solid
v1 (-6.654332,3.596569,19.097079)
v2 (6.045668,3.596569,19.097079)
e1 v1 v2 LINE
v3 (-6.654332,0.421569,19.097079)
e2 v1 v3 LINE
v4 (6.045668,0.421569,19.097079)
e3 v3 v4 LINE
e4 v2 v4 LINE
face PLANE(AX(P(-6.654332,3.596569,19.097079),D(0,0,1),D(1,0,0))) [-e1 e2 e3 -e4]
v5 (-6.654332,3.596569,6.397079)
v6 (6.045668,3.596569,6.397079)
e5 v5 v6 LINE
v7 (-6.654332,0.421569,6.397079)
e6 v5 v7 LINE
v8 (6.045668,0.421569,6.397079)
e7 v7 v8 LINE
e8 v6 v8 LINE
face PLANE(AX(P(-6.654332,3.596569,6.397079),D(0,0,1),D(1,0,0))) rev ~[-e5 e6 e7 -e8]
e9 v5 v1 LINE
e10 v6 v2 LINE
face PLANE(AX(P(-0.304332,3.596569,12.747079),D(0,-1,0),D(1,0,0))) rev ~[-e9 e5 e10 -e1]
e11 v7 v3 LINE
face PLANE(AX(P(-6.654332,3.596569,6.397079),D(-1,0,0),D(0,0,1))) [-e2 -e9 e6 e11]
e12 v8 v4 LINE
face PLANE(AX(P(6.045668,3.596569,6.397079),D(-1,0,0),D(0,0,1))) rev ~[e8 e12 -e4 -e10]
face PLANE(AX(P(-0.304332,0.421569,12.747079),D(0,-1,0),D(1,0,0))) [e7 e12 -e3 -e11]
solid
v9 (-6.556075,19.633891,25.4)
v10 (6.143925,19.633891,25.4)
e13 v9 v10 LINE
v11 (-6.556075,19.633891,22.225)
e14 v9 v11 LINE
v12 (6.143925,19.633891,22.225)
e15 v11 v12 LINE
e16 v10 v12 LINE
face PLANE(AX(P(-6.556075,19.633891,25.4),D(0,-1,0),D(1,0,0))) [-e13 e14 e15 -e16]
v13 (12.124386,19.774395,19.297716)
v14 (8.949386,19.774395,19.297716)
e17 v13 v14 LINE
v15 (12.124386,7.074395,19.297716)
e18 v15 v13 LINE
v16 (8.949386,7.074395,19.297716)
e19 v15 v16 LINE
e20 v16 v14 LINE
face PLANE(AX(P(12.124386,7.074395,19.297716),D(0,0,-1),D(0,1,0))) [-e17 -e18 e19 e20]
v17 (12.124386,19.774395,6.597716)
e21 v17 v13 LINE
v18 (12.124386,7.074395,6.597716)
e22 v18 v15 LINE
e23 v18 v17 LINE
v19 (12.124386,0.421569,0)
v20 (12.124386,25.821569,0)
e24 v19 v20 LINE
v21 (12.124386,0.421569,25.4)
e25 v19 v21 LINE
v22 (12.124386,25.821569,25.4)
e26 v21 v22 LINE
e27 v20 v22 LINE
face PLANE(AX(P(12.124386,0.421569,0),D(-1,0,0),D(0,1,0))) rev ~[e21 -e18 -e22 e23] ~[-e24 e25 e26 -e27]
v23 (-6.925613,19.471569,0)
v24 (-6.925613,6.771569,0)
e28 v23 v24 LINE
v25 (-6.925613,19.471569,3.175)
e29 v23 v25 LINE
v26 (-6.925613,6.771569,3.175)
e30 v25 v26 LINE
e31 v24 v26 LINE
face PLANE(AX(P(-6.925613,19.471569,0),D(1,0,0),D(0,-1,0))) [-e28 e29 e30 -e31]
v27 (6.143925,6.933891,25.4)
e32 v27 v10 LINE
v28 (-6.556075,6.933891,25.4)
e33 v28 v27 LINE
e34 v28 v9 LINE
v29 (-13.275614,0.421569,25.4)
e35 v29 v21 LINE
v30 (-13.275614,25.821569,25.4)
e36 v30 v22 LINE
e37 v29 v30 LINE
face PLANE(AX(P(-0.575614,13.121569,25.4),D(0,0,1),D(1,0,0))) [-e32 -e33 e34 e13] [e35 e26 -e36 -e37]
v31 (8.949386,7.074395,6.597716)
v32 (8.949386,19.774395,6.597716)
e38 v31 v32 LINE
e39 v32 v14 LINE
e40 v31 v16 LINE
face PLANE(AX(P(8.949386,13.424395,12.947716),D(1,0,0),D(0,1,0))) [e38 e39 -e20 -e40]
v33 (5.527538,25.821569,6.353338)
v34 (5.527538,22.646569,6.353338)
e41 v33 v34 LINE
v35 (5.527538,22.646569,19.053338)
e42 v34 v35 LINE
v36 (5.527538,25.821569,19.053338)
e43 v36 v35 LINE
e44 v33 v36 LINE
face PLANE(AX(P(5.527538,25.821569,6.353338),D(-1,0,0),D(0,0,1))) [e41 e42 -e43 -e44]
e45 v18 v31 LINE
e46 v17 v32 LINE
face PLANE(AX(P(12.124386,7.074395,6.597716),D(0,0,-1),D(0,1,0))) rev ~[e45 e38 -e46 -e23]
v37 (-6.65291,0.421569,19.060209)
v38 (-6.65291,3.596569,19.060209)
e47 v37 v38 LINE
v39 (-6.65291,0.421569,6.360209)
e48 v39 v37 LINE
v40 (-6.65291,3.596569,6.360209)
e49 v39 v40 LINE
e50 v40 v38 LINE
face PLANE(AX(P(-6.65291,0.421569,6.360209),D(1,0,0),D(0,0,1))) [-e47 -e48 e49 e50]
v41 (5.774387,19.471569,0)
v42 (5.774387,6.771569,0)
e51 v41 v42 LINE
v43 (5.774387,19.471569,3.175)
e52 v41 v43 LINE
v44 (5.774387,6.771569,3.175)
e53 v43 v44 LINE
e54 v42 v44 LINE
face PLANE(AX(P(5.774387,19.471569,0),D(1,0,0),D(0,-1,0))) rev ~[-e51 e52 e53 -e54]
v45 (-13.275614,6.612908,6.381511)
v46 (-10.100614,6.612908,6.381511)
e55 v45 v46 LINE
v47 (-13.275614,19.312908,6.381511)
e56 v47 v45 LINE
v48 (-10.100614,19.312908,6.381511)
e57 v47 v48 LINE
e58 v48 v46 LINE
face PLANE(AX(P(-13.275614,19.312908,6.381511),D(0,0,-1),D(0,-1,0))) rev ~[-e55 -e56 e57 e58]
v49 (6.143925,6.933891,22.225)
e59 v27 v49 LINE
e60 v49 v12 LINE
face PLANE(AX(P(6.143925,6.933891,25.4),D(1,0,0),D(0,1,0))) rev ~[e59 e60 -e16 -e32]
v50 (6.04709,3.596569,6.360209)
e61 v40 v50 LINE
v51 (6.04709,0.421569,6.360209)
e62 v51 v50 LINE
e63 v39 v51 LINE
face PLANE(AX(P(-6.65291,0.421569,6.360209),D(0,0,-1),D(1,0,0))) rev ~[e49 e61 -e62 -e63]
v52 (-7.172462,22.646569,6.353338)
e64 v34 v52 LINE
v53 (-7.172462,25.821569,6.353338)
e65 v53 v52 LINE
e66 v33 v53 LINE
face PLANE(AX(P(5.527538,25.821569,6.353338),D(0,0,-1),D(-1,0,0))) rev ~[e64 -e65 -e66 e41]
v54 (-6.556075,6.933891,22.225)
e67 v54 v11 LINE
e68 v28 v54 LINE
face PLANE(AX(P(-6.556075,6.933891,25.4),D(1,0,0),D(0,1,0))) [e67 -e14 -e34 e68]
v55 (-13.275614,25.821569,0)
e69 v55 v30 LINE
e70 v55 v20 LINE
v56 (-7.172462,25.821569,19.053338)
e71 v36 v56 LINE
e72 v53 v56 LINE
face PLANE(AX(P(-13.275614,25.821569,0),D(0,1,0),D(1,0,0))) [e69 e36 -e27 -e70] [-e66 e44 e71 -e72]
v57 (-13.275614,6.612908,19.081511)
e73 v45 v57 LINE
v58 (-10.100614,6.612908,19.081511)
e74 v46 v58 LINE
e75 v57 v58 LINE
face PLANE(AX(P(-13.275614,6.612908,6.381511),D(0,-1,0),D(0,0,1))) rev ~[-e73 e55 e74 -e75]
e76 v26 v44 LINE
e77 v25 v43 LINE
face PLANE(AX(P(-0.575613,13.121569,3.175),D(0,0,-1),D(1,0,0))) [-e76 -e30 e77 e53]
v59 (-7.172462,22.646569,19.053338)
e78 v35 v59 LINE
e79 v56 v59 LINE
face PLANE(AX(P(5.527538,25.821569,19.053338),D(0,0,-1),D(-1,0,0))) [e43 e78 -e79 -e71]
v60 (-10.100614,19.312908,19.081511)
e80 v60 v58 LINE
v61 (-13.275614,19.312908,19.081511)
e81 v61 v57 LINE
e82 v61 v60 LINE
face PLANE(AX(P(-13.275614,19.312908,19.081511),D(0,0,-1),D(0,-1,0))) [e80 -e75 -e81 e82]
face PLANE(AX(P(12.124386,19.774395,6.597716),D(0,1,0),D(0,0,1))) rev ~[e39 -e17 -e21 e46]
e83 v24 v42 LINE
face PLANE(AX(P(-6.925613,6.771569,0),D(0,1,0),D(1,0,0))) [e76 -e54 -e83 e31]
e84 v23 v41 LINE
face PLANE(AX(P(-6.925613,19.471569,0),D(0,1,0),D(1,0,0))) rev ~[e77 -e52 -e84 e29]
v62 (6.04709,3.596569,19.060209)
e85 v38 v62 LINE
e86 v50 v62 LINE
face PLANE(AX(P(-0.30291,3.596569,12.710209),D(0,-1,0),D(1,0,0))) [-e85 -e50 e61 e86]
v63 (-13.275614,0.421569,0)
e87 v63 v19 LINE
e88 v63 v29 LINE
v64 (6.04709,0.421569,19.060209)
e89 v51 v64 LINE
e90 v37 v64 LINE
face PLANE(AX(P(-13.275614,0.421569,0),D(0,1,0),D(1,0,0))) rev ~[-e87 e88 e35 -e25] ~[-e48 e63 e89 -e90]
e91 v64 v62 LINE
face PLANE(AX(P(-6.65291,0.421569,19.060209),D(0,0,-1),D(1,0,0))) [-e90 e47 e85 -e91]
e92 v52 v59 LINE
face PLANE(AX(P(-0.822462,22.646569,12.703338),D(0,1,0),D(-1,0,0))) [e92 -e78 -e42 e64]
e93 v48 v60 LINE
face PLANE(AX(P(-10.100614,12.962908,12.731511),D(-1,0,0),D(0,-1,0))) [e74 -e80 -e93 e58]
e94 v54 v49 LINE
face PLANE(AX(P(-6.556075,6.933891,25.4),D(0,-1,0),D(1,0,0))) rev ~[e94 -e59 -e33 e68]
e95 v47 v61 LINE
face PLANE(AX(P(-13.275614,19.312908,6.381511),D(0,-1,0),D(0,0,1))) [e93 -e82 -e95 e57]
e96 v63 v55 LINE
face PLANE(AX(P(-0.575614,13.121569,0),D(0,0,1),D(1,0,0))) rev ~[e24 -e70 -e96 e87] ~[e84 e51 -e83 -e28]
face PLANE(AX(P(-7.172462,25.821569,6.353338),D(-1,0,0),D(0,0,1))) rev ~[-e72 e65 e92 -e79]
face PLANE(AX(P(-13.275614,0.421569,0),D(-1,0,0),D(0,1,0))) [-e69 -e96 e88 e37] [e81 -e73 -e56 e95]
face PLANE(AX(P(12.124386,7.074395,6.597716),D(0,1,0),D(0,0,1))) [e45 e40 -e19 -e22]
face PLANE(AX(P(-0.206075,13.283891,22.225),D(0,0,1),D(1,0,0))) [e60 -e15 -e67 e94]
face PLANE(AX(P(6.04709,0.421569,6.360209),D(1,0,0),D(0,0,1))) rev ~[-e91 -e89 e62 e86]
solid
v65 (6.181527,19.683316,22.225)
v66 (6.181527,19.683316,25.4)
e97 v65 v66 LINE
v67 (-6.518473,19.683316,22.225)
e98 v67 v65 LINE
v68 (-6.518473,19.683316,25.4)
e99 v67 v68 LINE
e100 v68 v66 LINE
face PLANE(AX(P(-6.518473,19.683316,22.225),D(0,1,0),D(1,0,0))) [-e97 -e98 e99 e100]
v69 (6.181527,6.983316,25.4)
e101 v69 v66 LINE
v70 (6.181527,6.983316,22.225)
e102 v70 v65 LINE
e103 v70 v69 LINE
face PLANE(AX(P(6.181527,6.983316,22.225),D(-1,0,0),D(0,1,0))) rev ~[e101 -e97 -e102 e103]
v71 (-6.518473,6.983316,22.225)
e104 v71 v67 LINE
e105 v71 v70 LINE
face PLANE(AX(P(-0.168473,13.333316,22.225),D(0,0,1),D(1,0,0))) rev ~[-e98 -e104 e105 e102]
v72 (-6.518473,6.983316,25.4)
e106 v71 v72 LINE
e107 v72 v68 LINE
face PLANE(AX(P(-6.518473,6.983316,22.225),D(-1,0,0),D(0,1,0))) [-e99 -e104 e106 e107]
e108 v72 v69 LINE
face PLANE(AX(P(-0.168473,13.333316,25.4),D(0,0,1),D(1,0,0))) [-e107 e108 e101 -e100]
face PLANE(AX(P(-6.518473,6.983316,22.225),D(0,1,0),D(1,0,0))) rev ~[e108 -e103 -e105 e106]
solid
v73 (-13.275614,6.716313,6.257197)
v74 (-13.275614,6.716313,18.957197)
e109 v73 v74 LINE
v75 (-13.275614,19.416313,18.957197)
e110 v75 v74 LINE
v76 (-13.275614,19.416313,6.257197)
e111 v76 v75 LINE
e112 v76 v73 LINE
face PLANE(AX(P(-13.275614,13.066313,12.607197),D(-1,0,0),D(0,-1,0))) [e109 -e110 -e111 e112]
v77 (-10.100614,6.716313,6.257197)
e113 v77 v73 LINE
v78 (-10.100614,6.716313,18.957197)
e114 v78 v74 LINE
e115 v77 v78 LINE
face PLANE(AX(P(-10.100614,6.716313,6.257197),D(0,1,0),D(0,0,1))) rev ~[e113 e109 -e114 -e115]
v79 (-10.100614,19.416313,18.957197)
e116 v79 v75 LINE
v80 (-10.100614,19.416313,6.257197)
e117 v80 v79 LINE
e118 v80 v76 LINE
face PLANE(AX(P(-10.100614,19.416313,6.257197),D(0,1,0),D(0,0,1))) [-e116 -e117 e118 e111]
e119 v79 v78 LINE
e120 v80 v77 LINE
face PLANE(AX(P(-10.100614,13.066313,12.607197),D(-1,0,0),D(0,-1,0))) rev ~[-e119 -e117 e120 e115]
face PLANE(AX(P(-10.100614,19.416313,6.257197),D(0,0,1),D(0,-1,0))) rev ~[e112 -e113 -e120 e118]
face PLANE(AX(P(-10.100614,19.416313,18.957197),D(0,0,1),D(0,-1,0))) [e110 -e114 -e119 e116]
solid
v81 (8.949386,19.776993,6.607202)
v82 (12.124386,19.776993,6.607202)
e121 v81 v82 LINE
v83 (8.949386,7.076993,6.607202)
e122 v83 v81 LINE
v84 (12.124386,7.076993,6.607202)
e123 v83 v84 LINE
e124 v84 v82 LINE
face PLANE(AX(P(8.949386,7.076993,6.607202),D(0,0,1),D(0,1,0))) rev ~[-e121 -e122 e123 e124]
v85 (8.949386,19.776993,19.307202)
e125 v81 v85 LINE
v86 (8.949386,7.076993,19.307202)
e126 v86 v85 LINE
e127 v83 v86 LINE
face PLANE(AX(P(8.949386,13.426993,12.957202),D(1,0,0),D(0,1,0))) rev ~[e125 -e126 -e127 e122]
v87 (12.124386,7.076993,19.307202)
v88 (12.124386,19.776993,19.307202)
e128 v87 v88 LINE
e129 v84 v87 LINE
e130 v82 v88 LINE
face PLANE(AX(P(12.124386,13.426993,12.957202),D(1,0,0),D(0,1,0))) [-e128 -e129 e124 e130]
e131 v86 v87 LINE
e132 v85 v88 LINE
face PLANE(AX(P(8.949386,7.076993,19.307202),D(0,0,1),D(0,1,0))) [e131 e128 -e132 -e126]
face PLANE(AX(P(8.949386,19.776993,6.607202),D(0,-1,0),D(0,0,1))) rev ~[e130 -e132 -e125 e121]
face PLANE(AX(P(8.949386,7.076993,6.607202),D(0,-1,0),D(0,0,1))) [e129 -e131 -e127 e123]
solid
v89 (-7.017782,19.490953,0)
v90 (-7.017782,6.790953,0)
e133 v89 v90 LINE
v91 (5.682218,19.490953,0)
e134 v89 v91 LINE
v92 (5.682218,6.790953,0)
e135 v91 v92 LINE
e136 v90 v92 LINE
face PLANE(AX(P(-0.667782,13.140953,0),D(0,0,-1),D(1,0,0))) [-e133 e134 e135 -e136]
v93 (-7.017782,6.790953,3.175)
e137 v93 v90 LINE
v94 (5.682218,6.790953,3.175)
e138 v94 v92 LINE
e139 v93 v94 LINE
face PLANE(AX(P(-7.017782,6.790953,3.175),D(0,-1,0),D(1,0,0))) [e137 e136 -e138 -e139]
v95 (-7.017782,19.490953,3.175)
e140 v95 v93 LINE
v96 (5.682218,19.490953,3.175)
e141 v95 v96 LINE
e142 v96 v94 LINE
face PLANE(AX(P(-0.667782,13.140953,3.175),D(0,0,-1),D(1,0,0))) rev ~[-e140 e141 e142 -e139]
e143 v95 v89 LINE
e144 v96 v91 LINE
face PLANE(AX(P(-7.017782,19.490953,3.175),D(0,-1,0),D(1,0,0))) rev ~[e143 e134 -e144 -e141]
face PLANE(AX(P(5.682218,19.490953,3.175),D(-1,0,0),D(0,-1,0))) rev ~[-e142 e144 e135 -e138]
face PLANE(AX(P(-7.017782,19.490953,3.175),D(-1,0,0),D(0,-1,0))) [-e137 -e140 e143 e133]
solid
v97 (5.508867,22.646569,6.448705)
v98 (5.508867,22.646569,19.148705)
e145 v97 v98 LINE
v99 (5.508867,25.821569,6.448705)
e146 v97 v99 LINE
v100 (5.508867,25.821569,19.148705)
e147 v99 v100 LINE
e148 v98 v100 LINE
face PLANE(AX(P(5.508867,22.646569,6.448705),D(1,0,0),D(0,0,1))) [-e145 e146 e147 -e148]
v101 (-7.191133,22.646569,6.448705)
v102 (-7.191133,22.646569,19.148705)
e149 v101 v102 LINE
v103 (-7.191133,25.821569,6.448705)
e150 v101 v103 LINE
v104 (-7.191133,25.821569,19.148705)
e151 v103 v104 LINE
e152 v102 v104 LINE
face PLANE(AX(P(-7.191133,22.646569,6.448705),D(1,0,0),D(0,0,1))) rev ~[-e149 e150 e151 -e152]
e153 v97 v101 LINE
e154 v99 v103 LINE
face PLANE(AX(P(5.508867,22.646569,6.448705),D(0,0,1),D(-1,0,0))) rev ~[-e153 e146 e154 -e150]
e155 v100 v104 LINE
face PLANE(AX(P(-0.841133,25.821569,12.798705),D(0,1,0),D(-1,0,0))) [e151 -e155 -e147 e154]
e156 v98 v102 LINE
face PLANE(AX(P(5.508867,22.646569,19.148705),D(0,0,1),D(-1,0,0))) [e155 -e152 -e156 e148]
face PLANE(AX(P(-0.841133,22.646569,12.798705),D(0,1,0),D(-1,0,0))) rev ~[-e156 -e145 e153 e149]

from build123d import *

# Parameters (mm, degrees)
F0_W      = 25.4
F0_H      = 25.4
F1_DEPTH  = 25.4
F2_W      = 12.7
F2_H      = 12.7
F3_DEPTH  = 3.175
F4_W      = 12.7
F4_H      = 12.7
F5_DEPTH  = 3.175
F6_W      = 12.7
F6_H      = 12.7
F7_DEPTH  = 3.175
F8_W      = 12.7
F8_H      = 12.7
F9_DEPTH  = 3.175
F10_W     = 12.7
F10_H     = 12.7
F11_DEPTH = 3.175
F12_W     = 12.7
F12_H     = 12.7
F13_DEPTH = 3.175
F14_W     = 12.7
F14_H     = 12.7
F15_DEPTH = 3.175
F16_W     = 12.7
F16_H     = 12.7
F17_DEPTH = 3.175
F18_W     = 12.7
F18_H     = 12.7
F19_DEPTH = 3.175
F20_W     = 12.7
F20_H     = 12.7
F21_DEPTH = 3.175
F22_W     = 12.7
F22_H     = 12.7
F23_DEPTH = 3.175
F24_W     = 12.7
F24_H     = 12.7
F25_DEPTH = 3.175


with BuildPart() as f1:
    # F0 (on Top) → F1 (new body)
    with BuildSketch(Plane.XY):
        with Locations((-0.575614, 13.121569)):
            Rectangle(F0_W, F0_H)
    extrude(amount=F1_DEPTH)

    # F2 (on face) → F3 (cut)
    with BuildSketch(Plane.XY.offset(25.4)):
        with Locations((-0.206075, 13.283891)):
            Rectangle(F2_W, F2_H)
    extrude(amount=-F3_DEPTH, mode=Mode.SUBTRACT)

    # F4 (on face) → F5 (cut)
    with BuildSketch(Plane(origin=(0, 0, 0), x_dir=(1, 0, 0), z_dir=(0, 0, -1))):
        with Locations((-0.575613, -13.121569)):
            Rectangle(F4_W, F4_H)
    extrude(amount=-F5_DEPTH, mode=Mode.SUBTRACT)

    # F6 (on face) → F7 (cut)
    with BuildSketch(Plane.XZ.offset(-0.421569)):
        with Locations((-0.30291, 12.710209)):
            Rectangle(F6_W, F6_H)
    extrude(amount=-F7_DEPTH, mode=Mode.SUBTRACT)

    # F8 (on face) → F9 (cut)
    with BuildSketch(Plane.YZ.offset(12.124386)):
        with Locations((13.424395, 12.947716)):
            Rectangle(F8_W, F8_H)
    extrude(amount=-F9_DEPTH, mode=Mode.SUBTRACT)

    # F10 (on face) → F11 (cut)
    with BuildSketch(Plane(origin=(0, 25.821569, 0), x_dir=(-1, 0, 0), z_dir=(0, 1, 0))):
        with Locations((0.822462, 12.703338)):
            Rectangle(F10_W, F10_H)
    extrude(amount=-F11_DEPTH, mode=Mode.SUBTRACT)

    # F12 (on face) → F13 (cut)
    with BuildSketch(Plane(origin=(-13.275614, 0, 0), x_dir=(0, -1, 0), z_dir=(-1, 0, 0))):
        with Locations((-12.962908, 12.731511)):
            Rectangle(F12_W, F12_H)
    extrude(amount=-F13_DEPTH, mode=Mode.SUBTRACT)


with BuildPart() as f15:
    # F14 (on face) → F15 (new body)
    with BuildSketch(Plane.XY.offset(22.225)):
        with Locations((-0.168473, 13.333316)):
            Rectangle(F14_W, F14_H)
    extrude(amount=F15_DEPTH)


with BuildPart() as f17:
    # F16 (on face) → F17 (new body)
    with BuildSketch(Plane.XZ.offset(-3.596569)):
        with Locations((-0.304332, 12.747079)):
            Rectangle(F16_W, F16_H)
    extrude(amount=F17_DEPTH)


with BuildPart() as f19:
    # F18 (on face) → F19 (new body)
    with BuildSketch(Plane.YZ.offset(8.949386)):
        with Locations((13.426993, 12.957202)):
            Rectangle(F18_W, F18_H)
    extrude(amount=F19_DEPTH)


with BuildPart() as f21:
    # F20 (on face) → F21 (new body)
    with BuildSketch(Plane(origin=(0, 22.646569, 0), x_dir=(-1, 0, 0), z_dir=(0, 1, 0))):
        with Locations((0.841133, 12.798705)):
            Rectangle(F20_W, F20_H)
    extrude(amount=F21_DEPTH)


with BuildPart() as f23:
    # F22 (on face) → F23 (new body)
    with BuildSketch(Plane(origin=(-10.100614, 0, 0), x_dir=(0, -1, 0), z_dir=(-1, 0, 0))):
        with Locations((-13.066313, 12.607197)):
            Rectangle(F22_W, F22_H)
    extrude(amount=F23_DEPTH)


with BuildPart() as f25:
    # F24 (on face) → F25 (new body)
    with BuildSketch(Plane(origin=(0, 0, 3.175), x_dir=(1, 0, 0), z_dir=(0, 0, -1))):
        with Locations((-0.667782, -13.140953)):
            Rectangle(F24_W, F24_H)
    extrude(amount=F25_DEPTH)


solid = Compound([f1.part, f15.part, f17.part, f19.part, f21.part, f23.part, f25.part])
